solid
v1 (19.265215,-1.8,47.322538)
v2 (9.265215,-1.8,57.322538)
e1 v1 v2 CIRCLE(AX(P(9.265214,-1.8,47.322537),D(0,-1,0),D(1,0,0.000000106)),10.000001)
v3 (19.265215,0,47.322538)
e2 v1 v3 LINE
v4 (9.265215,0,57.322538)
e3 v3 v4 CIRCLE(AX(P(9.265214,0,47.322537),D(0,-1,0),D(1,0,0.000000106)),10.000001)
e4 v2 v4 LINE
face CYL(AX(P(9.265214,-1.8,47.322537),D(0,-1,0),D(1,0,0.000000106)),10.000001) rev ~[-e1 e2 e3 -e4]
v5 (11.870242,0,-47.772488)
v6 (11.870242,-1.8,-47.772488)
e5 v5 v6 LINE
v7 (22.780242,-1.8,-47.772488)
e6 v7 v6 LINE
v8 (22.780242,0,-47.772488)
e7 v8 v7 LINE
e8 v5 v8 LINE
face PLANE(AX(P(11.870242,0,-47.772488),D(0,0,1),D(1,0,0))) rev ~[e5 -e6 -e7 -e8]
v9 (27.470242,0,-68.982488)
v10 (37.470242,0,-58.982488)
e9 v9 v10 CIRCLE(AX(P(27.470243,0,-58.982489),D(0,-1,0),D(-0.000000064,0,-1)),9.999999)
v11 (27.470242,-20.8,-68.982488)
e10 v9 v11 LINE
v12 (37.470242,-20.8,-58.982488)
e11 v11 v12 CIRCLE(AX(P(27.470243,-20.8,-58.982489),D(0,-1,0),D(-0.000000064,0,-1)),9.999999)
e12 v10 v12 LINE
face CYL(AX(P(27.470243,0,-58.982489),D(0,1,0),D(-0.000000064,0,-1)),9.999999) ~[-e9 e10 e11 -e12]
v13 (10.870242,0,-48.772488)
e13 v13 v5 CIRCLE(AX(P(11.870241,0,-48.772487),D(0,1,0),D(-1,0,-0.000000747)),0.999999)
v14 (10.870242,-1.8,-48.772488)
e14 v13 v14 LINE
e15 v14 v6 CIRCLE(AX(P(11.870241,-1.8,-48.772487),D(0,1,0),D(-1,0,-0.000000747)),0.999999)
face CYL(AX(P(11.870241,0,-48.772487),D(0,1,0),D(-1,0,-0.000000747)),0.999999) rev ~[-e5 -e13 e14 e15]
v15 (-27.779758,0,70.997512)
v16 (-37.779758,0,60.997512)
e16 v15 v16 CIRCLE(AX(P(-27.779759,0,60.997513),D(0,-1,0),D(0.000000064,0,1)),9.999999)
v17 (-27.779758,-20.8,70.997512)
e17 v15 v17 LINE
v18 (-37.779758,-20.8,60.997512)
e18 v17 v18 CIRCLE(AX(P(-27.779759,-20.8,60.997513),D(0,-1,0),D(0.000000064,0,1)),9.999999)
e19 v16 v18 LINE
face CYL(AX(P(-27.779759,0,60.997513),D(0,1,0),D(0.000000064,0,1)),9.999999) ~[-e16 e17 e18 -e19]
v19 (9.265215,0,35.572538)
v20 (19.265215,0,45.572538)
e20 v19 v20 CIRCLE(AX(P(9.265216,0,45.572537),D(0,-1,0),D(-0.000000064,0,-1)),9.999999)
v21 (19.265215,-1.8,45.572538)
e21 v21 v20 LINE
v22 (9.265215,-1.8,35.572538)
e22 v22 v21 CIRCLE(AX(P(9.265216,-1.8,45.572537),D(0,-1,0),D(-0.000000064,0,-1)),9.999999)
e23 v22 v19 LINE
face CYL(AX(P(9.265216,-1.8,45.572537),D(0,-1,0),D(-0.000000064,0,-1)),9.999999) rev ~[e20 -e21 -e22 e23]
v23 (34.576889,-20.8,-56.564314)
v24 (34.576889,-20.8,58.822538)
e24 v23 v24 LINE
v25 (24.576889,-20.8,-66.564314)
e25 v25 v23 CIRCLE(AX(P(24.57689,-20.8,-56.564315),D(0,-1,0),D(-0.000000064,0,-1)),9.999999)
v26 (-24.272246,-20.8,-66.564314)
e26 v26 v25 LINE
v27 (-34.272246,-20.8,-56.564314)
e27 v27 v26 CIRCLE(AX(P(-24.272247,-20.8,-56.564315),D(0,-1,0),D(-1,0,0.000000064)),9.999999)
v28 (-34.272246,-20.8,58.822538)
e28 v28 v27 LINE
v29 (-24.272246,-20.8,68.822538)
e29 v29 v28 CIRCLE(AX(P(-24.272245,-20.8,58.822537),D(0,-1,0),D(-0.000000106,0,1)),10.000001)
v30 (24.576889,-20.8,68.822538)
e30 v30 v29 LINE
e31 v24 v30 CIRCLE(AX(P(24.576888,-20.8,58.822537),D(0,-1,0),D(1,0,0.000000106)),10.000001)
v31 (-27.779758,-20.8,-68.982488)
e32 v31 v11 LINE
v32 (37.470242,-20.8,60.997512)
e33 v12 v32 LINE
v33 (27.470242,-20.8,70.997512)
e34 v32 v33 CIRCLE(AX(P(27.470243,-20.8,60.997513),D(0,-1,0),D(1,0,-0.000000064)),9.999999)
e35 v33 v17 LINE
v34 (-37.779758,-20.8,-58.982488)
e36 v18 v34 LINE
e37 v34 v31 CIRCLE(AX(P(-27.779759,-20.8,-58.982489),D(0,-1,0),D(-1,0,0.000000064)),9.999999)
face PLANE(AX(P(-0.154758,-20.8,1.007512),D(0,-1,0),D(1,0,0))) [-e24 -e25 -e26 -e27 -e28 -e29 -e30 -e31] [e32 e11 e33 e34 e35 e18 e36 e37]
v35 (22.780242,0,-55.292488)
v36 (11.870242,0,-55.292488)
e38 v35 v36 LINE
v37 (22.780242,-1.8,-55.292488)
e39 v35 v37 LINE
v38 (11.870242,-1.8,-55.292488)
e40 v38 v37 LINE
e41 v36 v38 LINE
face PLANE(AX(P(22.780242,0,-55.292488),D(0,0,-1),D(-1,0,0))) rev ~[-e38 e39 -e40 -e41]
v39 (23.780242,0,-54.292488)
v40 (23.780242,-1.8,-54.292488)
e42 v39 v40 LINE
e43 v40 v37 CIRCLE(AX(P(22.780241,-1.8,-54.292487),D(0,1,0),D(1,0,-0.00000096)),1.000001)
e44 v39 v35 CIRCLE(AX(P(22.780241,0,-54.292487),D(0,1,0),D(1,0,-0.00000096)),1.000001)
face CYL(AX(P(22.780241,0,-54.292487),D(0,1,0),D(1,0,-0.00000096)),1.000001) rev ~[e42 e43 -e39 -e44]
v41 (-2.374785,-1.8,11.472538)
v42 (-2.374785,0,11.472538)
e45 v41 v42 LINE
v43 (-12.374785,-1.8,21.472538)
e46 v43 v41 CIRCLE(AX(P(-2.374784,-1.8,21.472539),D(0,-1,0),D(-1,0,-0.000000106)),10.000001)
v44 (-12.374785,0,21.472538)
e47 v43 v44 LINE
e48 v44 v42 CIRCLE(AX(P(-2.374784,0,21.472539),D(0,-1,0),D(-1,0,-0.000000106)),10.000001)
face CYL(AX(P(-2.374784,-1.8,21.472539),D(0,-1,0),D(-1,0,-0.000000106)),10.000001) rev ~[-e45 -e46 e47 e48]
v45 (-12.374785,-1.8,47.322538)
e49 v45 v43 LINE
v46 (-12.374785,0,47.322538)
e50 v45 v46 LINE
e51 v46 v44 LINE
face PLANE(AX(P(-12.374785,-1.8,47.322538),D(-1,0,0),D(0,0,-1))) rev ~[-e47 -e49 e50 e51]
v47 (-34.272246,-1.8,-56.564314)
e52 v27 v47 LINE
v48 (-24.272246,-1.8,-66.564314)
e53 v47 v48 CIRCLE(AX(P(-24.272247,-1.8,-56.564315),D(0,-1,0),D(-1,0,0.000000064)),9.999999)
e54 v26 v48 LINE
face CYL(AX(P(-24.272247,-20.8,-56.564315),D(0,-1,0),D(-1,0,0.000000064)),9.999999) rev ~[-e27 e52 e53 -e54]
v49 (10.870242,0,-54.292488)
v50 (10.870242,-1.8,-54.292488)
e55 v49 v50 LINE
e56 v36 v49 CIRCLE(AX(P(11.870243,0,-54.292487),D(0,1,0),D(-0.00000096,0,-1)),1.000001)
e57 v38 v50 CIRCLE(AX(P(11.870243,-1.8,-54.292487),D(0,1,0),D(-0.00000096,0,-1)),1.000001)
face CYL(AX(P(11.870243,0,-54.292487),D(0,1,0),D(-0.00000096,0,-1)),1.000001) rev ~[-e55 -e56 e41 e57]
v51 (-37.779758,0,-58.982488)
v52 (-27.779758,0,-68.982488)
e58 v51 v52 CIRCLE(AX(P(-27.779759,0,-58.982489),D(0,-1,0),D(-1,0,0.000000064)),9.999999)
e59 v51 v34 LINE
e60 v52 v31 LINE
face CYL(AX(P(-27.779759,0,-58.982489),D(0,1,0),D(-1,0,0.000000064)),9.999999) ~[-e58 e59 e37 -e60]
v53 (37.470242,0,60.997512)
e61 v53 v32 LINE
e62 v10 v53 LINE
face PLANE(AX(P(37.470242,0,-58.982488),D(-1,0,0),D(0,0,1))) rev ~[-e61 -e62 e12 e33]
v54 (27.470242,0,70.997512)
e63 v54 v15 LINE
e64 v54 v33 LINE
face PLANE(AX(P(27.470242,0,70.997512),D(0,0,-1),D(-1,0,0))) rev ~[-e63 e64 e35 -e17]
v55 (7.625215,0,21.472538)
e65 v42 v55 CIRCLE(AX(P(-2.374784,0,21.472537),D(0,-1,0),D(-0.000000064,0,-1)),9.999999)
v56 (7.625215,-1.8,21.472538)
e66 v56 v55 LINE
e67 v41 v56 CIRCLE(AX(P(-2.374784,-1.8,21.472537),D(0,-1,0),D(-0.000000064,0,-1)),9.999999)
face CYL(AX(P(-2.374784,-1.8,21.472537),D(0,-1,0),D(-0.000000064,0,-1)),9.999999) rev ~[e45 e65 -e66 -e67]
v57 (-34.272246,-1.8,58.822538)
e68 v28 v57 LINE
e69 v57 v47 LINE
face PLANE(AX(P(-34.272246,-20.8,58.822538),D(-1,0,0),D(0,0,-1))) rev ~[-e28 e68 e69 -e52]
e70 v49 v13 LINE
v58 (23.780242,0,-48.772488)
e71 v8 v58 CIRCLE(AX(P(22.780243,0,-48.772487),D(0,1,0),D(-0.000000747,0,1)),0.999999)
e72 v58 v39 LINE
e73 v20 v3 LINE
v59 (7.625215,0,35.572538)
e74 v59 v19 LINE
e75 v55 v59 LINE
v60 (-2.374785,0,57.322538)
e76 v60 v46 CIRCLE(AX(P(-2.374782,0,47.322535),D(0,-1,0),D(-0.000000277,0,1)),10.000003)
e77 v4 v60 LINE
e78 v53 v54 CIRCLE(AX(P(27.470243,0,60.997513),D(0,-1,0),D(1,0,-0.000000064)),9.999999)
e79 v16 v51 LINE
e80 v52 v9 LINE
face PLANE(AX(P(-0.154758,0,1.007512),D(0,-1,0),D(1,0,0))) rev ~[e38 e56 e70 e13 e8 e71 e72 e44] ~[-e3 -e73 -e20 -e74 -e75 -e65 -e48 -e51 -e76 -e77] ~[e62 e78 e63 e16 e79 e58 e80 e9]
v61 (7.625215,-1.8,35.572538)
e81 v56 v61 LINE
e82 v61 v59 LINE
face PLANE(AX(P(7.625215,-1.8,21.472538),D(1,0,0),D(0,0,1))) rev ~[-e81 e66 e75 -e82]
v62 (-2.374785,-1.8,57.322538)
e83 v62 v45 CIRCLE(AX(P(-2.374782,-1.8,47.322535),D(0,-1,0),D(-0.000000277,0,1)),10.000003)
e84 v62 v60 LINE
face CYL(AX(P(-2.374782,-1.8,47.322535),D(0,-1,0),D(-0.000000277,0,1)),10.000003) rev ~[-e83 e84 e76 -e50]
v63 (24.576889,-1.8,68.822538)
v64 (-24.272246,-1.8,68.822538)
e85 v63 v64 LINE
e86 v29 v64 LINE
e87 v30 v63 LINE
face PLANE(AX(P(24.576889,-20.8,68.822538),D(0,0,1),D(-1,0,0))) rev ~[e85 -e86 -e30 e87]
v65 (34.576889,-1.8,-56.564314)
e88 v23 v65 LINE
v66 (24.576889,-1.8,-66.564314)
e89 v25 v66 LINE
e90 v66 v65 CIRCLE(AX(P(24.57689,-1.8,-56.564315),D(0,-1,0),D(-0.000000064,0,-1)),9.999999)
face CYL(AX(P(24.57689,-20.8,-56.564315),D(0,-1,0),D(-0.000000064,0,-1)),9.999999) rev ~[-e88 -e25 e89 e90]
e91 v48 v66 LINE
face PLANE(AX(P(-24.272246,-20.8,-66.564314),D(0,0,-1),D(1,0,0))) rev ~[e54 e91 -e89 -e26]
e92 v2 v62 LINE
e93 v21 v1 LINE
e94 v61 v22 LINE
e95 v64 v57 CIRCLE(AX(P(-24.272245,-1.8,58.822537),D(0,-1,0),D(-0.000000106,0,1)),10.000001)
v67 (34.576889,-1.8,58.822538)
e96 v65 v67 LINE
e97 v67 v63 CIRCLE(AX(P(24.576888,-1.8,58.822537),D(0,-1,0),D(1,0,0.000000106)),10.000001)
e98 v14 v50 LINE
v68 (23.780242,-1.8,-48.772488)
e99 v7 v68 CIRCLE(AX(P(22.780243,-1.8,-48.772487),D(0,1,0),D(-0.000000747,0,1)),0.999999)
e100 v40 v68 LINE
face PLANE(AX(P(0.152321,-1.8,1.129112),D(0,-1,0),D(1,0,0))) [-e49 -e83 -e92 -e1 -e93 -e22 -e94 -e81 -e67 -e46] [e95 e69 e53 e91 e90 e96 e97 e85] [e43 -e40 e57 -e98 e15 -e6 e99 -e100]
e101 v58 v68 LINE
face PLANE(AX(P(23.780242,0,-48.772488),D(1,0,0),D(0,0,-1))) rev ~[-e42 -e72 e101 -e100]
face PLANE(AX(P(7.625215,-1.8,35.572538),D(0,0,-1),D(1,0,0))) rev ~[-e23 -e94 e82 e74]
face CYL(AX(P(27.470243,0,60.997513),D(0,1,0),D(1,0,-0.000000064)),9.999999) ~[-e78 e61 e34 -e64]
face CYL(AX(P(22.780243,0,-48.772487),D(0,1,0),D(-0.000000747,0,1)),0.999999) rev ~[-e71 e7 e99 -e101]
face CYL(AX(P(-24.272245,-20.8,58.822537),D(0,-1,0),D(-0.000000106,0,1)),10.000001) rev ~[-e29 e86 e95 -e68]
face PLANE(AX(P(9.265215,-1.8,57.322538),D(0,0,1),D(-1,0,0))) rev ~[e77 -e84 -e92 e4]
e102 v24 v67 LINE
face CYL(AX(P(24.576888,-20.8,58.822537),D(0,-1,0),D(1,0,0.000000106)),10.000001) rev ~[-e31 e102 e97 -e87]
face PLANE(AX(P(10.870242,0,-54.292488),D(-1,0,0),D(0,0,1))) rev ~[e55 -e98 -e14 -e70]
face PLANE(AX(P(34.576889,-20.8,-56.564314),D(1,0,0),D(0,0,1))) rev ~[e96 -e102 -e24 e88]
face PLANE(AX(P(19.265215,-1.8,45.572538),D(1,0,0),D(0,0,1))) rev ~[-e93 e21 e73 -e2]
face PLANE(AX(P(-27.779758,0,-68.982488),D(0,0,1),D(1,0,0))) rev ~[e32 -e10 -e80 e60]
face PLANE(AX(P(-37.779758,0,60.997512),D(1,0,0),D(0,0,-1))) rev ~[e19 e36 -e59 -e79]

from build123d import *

# Parameters (mm, degrees)
F1_DEPTH = 20.8
F3_DEPTH = 19
F5_DEPTH = 25
F7_DEPTH = 25


with BuildPart() as f1:
    # F0 (on Front) → F1 (new body)
    with BuildSketch(Plane.XZ):
        with BuildLine():
            Line((27.470242, 70.997512), (-27.779758, 70.997512))
            ThreePointArc((-27.779758, 70.997512), (-34.850826, 68.06858), (-37.779758, 60.997512))
            Line((-37.779758, 60.997512), (-37.779758, -58.982488))
            ThreePointArc((-37.779758, -58.982488), (-34.850826, -66.053556), (-27.779758, -68.982488))
            Line((-27.779758, -68.982488), (27.470242, -68.982488))
            ThreePointArc((27.470242, -68.982488), (34.54131, -66.053556), (37.470242, -58.982488))
            Line((37.470242, -58.982488), (37.470242, 60.997512))
            ThreePointArc((37.470242, 60.997512), (34.54131, 68.06858), (27.470242, 70.997512))
        make_face()
    extrude(amount=F1_DEPTH)

    # F2 (on face) → F3 (cut)
    with BuildSketch(Plane.XZ.offset(20.8)):
        with BuildLine():
            Line((24.576889, 68.822538), (-24.272246, 68.822538))
            ThreePointArc((-24.272246, 68.822538), (-31.343314, 65.893605), (-34.272246, 58.822538))
            Line((-34.272246, 58.822538), (-34.272246, -56.564314))
            ThreePointArc((-34.272246, -56.564314), (-31.343314, -63.635382), (-24.272246, -66.564314))
            Line((-24.272246, -66.564314), (24.576889, -66.564314))
            ThreePointArc((24.576889, -66.564314), (31.647957, -63.635382), (34.576889, -56.564314))
            Line((34.576889, -56.564314), (34.576889, 58.822538))
            ThreePointArc((34.576889, 58.822538), (31.647957, 65.893605), (24.576889, 68.822538))
        make_face()
    extrude(amount=-F3_DEPTH, mode=Mode.SUBTRACT)

    # F4 (on face) → F5 (cut)
    with BuildSketch(Plane.XZ.offset(1.8)):
        with BuildLine():
            Line((9.265215, 57.322538), (-2.374785, 57.322538))
            ThreePointArc((-2.374785, 57.322538), (-9.445852, 54.393605), (-12.374785, 47.322538))
            Line((-12.374785, 47.322538), (-12.374785, 21.472538))
            ThreePointArc((-12.374785, 21.472538), (-9.445852, 14.40147), (-2.374785, 11.472538))
            ThreePointArc((-2.374785, 11.472538), (4.696283, 14.40147), (7.625215, 21.472538))
            Line((7.625215, 21.472538), (7.625215, 35.572538))
            Line((7.625215, 35.572538), (9.265215, 35.572538))
            ThreePointArc((9.265215, 35.572538), (16.336283, 38.50147), (19.265215, 45.572538))
            Line((19.265215, 45.572538), (19.265215, 47.322538))
            ThreePointArc((19.265215, 47.322538), (16.336283, 54.393605), (9.265215, 57.322538))
        make_face()
    extrude(amount=-F5_DEPTH, mode=Mode.SUBTRACT)

    # F6 (on face) → F7 (cut)
    with BuildSketch(Plane(origin=(0, 0, 0), x_dir=(-1, 0, 0), z_dir=(0, 1, 0))):
        with BuildLine():
            Line((-11.870242, -47.772488), (-22.780242, -47.772488))
            ThreePointArc((-22.780242, -47.772488), (-23.487349, -48.065381), (-23.780242, -48.772488))
            Line((-23.780242, -48.772488), (-23.780242, -54.292488))
            ThreePointArc((-23.780242, -54.292488), (-23.487349, -54.999594), (-22.780242, -55.292488))
            Line((-22.780242, -55.292488), (-11.870242, -55.292488))
            ThreePointArc((-11.870242, -55.292488), (-11.163135, -54.999594), (-10.870242, -54.292488))
            Line((-10.870242, -54.292488), (-10.870242, -48.772488))
            ThreePointArc((-10.870242, -48.772488), (-11.163135, -48.065381), (-11.870242, -47.772488))
        make_face()
    extrude(amount=-F7_DEPTH, mode=Mode.SUBTRACT)


solid = f1.part
